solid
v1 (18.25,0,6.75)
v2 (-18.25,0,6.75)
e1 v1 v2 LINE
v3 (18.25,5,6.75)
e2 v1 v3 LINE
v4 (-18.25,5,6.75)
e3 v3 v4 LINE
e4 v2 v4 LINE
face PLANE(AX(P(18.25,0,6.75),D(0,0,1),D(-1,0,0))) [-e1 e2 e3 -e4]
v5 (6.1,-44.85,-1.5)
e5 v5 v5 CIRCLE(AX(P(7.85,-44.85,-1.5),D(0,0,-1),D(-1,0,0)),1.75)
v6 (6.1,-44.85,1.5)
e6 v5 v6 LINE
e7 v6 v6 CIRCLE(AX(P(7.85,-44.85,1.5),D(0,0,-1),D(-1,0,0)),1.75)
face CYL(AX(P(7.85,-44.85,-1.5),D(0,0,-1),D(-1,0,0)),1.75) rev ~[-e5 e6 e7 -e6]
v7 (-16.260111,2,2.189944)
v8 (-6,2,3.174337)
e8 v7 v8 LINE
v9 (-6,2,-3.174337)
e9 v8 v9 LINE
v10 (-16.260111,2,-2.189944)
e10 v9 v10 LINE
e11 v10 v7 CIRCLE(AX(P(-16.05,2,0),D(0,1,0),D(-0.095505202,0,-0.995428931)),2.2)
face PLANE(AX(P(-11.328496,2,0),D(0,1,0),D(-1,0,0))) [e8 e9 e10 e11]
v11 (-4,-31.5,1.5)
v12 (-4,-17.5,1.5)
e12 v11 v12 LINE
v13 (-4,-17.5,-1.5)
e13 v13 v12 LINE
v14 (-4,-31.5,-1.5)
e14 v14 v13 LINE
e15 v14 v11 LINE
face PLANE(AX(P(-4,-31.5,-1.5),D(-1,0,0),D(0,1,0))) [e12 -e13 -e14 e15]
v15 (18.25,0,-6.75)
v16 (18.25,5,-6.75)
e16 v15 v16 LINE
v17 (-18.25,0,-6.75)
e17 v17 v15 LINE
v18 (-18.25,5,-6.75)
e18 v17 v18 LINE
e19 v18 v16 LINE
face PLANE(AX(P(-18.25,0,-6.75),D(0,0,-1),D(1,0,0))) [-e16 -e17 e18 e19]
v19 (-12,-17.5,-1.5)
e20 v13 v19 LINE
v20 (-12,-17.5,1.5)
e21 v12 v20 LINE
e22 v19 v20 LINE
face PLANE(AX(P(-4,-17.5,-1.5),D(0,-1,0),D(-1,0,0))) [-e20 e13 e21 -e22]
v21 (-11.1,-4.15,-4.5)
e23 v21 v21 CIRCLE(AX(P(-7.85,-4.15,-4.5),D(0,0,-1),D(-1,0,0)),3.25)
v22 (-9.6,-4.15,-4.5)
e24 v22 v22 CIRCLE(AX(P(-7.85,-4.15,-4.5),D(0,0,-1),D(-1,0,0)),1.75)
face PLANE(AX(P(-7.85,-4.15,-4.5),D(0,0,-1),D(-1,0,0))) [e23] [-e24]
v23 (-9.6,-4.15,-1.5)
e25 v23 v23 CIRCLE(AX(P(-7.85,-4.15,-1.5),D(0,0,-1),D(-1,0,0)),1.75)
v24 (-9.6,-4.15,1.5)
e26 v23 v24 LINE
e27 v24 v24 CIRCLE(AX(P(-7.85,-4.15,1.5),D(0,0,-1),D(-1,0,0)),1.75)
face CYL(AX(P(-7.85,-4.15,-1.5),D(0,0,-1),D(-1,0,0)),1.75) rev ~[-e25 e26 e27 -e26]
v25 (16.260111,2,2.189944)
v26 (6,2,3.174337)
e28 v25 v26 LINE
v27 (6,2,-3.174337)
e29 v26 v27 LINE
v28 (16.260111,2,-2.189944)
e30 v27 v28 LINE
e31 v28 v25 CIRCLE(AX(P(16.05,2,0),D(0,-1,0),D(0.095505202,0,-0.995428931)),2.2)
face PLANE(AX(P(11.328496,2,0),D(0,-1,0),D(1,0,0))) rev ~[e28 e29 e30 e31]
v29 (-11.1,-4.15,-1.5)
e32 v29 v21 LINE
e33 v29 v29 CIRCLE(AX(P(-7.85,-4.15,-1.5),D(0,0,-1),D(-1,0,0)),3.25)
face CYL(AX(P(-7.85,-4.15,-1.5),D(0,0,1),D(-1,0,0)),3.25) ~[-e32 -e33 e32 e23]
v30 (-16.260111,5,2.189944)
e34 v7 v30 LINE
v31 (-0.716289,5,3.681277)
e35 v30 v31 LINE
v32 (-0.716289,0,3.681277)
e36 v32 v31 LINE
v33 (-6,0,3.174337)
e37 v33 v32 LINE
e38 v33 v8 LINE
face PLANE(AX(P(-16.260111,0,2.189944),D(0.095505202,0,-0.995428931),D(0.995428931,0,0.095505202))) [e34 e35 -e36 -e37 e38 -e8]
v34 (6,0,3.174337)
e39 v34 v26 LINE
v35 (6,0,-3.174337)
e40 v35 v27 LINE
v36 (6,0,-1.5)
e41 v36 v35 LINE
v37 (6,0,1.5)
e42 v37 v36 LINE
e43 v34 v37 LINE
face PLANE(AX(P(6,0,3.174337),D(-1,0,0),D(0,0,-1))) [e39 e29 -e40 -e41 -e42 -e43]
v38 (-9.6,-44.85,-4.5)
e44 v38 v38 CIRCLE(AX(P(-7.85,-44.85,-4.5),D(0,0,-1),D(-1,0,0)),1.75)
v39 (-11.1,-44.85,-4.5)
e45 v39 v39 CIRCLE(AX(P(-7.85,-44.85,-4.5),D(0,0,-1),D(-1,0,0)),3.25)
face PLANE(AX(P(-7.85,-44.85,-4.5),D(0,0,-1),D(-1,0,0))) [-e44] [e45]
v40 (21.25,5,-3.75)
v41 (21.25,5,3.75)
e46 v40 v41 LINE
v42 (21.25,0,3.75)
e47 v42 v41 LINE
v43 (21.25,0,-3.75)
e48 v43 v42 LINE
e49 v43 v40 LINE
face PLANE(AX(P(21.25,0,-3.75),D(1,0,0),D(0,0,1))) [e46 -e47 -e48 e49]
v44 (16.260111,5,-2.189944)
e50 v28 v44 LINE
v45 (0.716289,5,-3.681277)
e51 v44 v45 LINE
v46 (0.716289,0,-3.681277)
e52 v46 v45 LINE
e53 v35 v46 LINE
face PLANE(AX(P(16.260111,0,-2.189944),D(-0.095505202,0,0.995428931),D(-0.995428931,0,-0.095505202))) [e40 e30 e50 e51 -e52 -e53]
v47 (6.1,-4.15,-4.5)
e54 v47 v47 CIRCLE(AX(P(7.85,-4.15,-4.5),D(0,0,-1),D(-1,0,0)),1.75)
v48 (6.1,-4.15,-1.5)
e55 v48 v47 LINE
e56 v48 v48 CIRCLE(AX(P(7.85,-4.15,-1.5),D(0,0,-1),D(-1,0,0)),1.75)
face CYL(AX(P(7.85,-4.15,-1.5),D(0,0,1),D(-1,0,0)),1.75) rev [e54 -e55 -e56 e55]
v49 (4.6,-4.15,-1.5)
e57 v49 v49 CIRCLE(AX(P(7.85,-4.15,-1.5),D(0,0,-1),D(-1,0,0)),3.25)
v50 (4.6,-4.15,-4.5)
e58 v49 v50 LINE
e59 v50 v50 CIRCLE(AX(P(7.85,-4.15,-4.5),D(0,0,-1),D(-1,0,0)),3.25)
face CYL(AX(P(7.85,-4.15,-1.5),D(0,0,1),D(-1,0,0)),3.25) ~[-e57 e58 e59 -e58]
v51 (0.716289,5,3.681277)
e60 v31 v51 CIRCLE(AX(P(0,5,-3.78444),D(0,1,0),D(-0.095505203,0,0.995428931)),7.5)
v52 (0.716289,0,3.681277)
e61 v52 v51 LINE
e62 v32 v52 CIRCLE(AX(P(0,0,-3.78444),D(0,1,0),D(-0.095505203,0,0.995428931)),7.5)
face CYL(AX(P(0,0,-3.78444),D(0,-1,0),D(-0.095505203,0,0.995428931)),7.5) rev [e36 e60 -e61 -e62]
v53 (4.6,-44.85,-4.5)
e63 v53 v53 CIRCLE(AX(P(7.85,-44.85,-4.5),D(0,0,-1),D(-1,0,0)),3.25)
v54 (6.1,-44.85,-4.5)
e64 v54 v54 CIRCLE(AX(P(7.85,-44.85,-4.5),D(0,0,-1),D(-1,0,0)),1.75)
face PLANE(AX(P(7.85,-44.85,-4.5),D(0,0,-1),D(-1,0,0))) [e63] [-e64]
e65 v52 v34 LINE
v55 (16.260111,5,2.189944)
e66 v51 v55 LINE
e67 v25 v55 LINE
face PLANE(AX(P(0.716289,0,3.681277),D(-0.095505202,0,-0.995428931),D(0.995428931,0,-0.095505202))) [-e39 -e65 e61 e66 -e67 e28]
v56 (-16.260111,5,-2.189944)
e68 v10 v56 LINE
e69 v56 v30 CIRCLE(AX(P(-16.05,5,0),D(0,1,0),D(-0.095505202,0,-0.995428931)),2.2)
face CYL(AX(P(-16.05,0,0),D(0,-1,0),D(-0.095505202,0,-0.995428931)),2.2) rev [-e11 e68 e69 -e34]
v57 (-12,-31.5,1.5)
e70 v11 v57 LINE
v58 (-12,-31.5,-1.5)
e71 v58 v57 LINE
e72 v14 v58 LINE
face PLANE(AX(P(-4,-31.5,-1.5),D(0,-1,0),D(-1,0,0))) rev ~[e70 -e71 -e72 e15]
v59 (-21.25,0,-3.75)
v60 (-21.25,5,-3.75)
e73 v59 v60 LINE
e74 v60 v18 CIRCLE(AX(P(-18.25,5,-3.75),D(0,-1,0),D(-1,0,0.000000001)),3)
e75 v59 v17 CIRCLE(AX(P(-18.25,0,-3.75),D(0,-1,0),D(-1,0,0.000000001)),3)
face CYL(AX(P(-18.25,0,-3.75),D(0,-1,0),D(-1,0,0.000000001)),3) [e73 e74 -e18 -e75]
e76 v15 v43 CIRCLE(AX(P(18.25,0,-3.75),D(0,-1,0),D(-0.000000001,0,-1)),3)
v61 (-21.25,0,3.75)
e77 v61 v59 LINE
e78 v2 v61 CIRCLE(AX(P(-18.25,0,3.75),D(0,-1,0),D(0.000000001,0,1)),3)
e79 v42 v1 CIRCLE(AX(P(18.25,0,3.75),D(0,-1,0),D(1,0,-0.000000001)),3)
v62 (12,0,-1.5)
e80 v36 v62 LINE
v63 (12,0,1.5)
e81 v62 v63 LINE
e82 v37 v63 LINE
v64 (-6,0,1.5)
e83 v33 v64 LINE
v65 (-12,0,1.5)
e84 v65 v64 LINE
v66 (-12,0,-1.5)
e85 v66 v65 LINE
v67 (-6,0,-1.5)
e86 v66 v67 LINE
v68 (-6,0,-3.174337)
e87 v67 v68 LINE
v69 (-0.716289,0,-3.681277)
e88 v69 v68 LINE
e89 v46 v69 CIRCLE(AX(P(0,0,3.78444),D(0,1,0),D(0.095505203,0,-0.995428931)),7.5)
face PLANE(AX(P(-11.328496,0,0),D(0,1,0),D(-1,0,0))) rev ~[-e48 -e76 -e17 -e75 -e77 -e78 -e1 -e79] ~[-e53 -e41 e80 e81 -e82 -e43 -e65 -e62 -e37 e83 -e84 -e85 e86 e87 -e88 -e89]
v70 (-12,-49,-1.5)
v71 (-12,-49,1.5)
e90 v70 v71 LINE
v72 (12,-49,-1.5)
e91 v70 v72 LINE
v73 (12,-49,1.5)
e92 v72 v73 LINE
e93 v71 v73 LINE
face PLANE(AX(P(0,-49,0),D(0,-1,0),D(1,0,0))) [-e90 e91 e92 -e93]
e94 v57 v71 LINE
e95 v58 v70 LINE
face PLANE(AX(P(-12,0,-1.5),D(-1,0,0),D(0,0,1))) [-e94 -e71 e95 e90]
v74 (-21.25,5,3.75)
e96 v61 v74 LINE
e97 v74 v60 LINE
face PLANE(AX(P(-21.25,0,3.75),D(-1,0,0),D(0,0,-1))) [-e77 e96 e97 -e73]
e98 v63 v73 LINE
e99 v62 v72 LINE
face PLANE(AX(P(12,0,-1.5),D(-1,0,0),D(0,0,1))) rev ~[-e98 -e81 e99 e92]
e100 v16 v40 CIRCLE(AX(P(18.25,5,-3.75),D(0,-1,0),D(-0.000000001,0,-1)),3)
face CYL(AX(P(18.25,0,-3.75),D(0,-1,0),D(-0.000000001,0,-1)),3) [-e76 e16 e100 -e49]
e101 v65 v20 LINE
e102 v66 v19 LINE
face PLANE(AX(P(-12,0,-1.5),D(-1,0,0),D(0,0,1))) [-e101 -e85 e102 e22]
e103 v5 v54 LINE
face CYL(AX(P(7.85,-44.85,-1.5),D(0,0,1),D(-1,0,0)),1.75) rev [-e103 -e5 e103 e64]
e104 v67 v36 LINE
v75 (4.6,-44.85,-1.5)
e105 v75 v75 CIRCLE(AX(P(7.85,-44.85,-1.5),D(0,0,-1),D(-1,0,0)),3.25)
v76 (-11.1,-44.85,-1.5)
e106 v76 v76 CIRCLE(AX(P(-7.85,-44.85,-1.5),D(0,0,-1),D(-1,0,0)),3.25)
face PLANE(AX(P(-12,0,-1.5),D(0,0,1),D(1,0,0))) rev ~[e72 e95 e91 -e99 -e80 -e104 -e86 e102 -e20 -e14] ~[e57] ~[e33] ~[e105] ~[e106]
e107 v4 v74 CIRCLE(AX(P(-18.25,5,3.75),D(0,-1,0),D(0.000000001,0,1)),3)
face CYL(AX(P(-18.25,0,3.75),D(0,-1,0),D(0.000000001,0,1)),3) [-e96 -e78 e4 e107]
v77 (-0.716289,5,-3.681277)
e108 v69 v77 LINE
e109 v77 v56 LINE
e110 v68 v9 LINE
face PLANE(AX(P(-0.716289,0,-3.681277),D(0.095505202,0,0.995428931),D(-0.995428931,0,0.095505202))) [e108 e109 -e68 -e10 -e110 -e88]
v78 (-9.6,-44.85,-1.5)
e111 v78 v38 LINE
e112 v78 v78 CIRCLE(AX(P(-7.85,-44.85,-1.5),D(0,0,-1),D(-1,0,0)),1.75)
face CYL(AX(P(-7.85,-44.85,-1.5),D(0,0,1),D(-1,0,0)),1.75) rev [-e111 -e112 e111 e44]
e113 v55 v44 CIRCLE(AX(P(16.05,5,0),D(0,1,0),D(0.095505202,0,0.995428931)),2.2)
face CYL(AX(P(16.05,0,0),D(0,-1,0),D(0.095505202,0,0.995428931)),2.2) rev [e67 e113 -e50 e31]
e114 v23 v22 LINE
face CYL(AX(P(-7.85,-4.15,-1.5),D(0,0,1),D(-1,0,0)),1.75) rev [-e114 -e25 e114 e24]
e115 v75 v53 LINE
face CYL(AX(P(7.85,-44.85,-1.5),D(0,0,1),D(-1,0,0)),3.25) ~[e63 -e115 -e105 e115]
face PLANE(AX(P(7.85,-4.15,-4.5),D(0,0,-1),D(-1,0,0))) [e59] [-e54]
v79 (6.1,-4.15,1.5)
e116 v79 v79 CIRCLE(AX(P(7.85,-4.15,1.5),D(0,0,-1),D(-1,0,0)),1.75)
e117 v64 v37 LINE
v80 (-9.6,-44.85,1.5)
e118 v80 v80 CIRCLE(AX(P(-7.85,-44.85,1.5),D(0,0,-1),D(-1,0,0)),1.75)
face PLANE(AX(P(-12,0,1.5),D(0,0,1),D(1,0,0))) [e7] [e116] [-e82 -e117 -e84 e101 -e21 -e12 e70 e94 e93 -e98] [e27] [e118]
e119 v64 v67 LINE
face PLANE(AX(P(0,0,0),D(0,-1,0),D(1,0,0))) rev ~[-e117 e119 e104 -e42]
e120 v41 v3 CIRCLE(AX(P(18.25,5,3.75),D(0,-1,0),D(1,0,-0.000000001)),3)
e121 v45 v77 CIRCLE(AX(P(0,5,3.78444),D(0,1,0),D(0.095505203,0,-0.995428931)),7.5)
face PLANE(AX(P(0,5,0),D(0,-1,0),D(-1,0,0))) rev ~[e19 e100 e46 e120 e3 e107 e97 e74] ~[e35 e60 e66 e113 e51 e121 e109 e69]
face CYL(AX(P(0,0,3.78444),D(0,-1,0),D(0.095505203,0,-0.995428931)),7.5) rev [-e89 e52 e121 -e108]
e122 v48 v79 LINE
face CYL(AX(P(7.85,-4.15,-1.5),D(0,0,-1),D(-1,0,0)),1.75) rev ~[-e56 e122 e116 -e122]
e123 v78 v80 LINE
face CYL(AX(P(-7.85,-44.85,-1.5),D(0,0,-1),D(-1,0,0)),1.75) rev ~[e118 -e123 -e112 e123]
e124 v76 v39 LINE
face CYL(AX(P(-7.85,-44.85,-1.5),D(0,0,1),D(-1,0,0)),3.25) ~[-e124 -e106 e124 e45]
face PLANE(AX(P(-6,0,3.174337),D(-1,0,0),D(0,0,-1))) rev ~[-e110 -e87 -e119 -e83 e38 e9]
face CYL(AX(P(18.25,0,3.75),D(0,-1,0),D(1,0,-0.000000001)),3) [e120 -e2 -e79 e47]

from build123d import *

# Parameters (mm, degrees)
BOSS_EXTRUDE1_DEPTH = 5
BOSS_EXTRUDE2_DEPTH = 2
SKETCH4_W           = 24
SKETCH4_H           = 3
BOSS_EXTRUDE3_DEPTH = 49
CUT_EXTRUDE1_REACH  = 10.25
SKETCH5_R           = 1.75
SKETCH5_W           = 8
SKETCH5_H           = 14
SKETCH6_R           = 3.25
SKETCH6_R_2         = 1.75
BOSS_EXTRUDE4_DEPTH = 3


with BuildPart() as part:
    # Sketch1 → Boss-Extrude1 (new body)
    with BuildSketch(Plane(origin=(0, 0, 0), x_dir=(1, 0, 0), z_dir=(0, 1, 0))):
        with BuildLine():
            Line((-18.25, 6.75), (18.25, 6.75))
            ThreePointArc((18.25, 6.75), (20.371320344, 5.871320344), (21.25, 3.75))
            Line((21.25, 3.75), (21.25, -3.75))
            ThreePointArc((21.25, -3.75), (20.371320344, -5.871320344), (18.25, -6.75))
            Line((18.25, -6.75), (-18.25, -6.75))
            ThreePointArc((-18.25, -6.75), (-20.371320344, -5.871320344), (-21.25, -3.75))
            Line((-21.25, -3.75), (-21.25, 3.75))
            ThreePointArc((-21.25, 3.75), (-20.371320344, 5.871320344), (-18.25, 6.75))
        make_face()
        with BuildLine():
            Line((16.260111444, 2.189943648), (0.716289014, 3.681276533))
            ThreePointArc((0.716289014, 3.681276533), (0, 3.715559552), (-0.716289014, 3.681276533))
            Line((-0.716289014, 3.681276533), (-16.260111444, 2.189943648))
            ThreePointArc((-16.260111444, 2.189943648), (-18.25, 0), (-16.260111444, -2.189943648))
            Line((-16.260111444, -2.189943648), (-0.716289014, -3.681276533))
            ThreePointArc((-0.716289014, -3.681276533), (0, -3.715559552), (0.716289014, -3.681276533))
            Line((0.716289014, -3.681276533), (16.260111444, -2.189943648))
            ThreePointArc((16.260111444, -2.189943648), (18.25, 0), (16.260111444, 2.189943648))
        make_face(mode=Mode.SUBTRACT)
    extrude(amount=BOSS_EXTRUDE1_DEPTH)

    # Sketch2 → Boss-Extrude2 (add)
    with BuildSketch(Plane.XZ):
        with BuildLine():
            Line((-16.260111444, 2.189943648), (-6, 3.174337395))
            Line((-6, 3.174337395), (-6, -3.174337395))
            Line((-6, -3.174337395), (-16.260111444, -2.189943648))
            ThreePointArc((-16.260111444, -2.189943648), (-18.25, 0), (-16.260111444, 2.189943648))
        make_face()
        with BuildLine():
            Line((6, -3.174337395), (16.260111444, -2.189943648))
            ThreePointArc((16.260111444, -2.189943648), (18.25, 0), (16.260111444, 2.189943648))
            Line((16.260111444, 2.189943648), (6, 3.174337395))
            Line((6, 3.174337395), (6, -3.174337395))
        make_face()
    extrude(amount=-BOSS_EXTRUDE2_DEPTH)

    # Sketch4 → Boss-Extrude3 (add)
    with BuildSketch(Plane.XZ):
        Rectangle(SKETCH4_W, SKETCH4_H)
    extrude(amount=BOSS_EXTRUDE3_DEPTH)

    # Sketch5 → Cut-Extrude1 (cut, up to next)
    with BuildSketch(Plane(origin=(0, 0, -1.5), x_dir=(-1, 0, 0), z_dir=(0, 0, -1)), mode=Mode.PRIVATE) as cut_extrude1_sk1:
        with Locations((7.85, -44.85)):
            Circle(SKETCH5_R)
    cut_extrude1_tool1 = extrude(cut_extrude1_sk1.sketch, amount=-CUT_EXTRUDE1_REACH, mode=Mode.PRIVATE) & part.part
    add(cut_extrude1_tool1.solids().sort_by_distance((-7.85, -44.85, -1.5))[0], mode=Mode.SUBTRACT)
    # Sketch5 → Cut-Extrude1 (cut, up to next)
    with BuildSketch(Plane(origin=(0, 0, -1.5), x_dir=(-1, 0, 0), z_dir=(0, 0, -1)), mode=Mode.PRIVATE) as cut_extrude1_sk2:
        with Locations((-7.85, -44.85)):
            Circle(SKETCH5_R)
    cut_extrude1_tool2 = extrude(cut_extrude1_sk2.sketch, amount=-CUT_EXTRUDE1_REACH, mode=Mode.PRIVATE) & part.part
    add(cut_extrude1_tool2.solids().sort_by_distance((7.85, -44.85, -1.5))[0], mode=Mode.SUBTRACT)
    # Sketch5 → Cut-Extrude1 (cut, up to next)
    with BuildSketch(Plane(origin=(0, 0, -1.5), x_dir=(-1, 0, 0), z_dir=(0, 0, -1)), mode=Mode.PRIVATE) as cut_extrude1_sk3:
        with Locations((-7.85, -4.15)):
            Circle(SKETCH5_R)
    cut_extrude1_tool3 = extrude(cut_extrude1_sk3.sketch, amount=-CUT_EXTRUDE1_REACH, mode=Mode.PRIVATE) & part.part
    add(cut_extrude1_tool3.solids().sort_by_distance((7.85, -4.15, -1.5))[0], mode=Mode.SUBTRACT)
    # Sketch5 → Cut-Extrude1 (cut, up to next)
    with BuildSketch(Plane(origin=(0, 0, -1.5), x_dir=(-1, 0, 0), z_dir=(0, 0, -1)), mode=Mode.PRIVATE) as cut_extrude1_sk4:
        with Locations((7.85, -4.15)):
            Circle(SKETCH5_R)
    cut_extrude1_tool4 = extrude(cut_extrude1_sk4.sketch, amount=-CUT_EXTRUDE1_REACH, mode=Mode.PRIVATE) & part.part
    add(cut_extrude1_tool4.solids().sort_by_distance((-7.85, -4.15, -1.5))[0], mode=Mode.SUBTRACT)
    # Sketch5 → Cut-Extrude1 (cut, up to next)
    with BuildSketch(Plane(origin=(0, 0, -1.5), x_dir=(-1, 0, 0), z_dir=(0, 0, -1)), mode=Mode.PRIVATE) as cut_extrude1_sk5:
        with Locations((8, -24.5)):
            Rectangle(SKETCH5_W, SKETCH5_H)
    cut_extrude1_tool5 = extrude(cut_extrude1_sk5.sketch, amount=-CUT_EXTRUDE1_REACH, mode=Mode.PRIVATE) & part.part
    add(cut_extrude1_tool5.solids().sort_by_distance((-8, -24.5, -1.5))[0], mode=Mode.SUBTRACT)

    # Sketch6 → Boss-Extrude4 (add)
    with BuildSketch(Plane(origin=(0, 0, -1.5), x_dir=(-1, 0, 0), z_dir=(0, 0, -1))):
        with Locations((-7.85, -4.15)):
            Circle(SKETCH6_R)
        with Locations((-7.85, -4.15)):
            Circle(SKETCH6_R_2, mode=Mode.SUBTRACT)
        with Locations((7.85, -4.15)):
            Circle(SKETCH6_R)
        with Locations((7.85, -4.15)):
            Circle(SKETCH6_R_2, mode=Mode.SUBTRACT)
        with Locations((7.85, -44.85)):
            Circle(SKETCH6_R)
        with Locations((7.85, -44.85)):
            Circle(SKETCH6_R_2, mode=Mode.SUBTRACT)
        with Locations((-7.85, -44.85)):
            Circle(SKETCH6_R)
        with Locations((-7.85, -44.85)):
            Circle(SKETCH6_R_2, mode=Mode.SUBTRACT)
    extrude(amount=BOSS_EXTRUDE4_DEPTH)


solid = part.part
